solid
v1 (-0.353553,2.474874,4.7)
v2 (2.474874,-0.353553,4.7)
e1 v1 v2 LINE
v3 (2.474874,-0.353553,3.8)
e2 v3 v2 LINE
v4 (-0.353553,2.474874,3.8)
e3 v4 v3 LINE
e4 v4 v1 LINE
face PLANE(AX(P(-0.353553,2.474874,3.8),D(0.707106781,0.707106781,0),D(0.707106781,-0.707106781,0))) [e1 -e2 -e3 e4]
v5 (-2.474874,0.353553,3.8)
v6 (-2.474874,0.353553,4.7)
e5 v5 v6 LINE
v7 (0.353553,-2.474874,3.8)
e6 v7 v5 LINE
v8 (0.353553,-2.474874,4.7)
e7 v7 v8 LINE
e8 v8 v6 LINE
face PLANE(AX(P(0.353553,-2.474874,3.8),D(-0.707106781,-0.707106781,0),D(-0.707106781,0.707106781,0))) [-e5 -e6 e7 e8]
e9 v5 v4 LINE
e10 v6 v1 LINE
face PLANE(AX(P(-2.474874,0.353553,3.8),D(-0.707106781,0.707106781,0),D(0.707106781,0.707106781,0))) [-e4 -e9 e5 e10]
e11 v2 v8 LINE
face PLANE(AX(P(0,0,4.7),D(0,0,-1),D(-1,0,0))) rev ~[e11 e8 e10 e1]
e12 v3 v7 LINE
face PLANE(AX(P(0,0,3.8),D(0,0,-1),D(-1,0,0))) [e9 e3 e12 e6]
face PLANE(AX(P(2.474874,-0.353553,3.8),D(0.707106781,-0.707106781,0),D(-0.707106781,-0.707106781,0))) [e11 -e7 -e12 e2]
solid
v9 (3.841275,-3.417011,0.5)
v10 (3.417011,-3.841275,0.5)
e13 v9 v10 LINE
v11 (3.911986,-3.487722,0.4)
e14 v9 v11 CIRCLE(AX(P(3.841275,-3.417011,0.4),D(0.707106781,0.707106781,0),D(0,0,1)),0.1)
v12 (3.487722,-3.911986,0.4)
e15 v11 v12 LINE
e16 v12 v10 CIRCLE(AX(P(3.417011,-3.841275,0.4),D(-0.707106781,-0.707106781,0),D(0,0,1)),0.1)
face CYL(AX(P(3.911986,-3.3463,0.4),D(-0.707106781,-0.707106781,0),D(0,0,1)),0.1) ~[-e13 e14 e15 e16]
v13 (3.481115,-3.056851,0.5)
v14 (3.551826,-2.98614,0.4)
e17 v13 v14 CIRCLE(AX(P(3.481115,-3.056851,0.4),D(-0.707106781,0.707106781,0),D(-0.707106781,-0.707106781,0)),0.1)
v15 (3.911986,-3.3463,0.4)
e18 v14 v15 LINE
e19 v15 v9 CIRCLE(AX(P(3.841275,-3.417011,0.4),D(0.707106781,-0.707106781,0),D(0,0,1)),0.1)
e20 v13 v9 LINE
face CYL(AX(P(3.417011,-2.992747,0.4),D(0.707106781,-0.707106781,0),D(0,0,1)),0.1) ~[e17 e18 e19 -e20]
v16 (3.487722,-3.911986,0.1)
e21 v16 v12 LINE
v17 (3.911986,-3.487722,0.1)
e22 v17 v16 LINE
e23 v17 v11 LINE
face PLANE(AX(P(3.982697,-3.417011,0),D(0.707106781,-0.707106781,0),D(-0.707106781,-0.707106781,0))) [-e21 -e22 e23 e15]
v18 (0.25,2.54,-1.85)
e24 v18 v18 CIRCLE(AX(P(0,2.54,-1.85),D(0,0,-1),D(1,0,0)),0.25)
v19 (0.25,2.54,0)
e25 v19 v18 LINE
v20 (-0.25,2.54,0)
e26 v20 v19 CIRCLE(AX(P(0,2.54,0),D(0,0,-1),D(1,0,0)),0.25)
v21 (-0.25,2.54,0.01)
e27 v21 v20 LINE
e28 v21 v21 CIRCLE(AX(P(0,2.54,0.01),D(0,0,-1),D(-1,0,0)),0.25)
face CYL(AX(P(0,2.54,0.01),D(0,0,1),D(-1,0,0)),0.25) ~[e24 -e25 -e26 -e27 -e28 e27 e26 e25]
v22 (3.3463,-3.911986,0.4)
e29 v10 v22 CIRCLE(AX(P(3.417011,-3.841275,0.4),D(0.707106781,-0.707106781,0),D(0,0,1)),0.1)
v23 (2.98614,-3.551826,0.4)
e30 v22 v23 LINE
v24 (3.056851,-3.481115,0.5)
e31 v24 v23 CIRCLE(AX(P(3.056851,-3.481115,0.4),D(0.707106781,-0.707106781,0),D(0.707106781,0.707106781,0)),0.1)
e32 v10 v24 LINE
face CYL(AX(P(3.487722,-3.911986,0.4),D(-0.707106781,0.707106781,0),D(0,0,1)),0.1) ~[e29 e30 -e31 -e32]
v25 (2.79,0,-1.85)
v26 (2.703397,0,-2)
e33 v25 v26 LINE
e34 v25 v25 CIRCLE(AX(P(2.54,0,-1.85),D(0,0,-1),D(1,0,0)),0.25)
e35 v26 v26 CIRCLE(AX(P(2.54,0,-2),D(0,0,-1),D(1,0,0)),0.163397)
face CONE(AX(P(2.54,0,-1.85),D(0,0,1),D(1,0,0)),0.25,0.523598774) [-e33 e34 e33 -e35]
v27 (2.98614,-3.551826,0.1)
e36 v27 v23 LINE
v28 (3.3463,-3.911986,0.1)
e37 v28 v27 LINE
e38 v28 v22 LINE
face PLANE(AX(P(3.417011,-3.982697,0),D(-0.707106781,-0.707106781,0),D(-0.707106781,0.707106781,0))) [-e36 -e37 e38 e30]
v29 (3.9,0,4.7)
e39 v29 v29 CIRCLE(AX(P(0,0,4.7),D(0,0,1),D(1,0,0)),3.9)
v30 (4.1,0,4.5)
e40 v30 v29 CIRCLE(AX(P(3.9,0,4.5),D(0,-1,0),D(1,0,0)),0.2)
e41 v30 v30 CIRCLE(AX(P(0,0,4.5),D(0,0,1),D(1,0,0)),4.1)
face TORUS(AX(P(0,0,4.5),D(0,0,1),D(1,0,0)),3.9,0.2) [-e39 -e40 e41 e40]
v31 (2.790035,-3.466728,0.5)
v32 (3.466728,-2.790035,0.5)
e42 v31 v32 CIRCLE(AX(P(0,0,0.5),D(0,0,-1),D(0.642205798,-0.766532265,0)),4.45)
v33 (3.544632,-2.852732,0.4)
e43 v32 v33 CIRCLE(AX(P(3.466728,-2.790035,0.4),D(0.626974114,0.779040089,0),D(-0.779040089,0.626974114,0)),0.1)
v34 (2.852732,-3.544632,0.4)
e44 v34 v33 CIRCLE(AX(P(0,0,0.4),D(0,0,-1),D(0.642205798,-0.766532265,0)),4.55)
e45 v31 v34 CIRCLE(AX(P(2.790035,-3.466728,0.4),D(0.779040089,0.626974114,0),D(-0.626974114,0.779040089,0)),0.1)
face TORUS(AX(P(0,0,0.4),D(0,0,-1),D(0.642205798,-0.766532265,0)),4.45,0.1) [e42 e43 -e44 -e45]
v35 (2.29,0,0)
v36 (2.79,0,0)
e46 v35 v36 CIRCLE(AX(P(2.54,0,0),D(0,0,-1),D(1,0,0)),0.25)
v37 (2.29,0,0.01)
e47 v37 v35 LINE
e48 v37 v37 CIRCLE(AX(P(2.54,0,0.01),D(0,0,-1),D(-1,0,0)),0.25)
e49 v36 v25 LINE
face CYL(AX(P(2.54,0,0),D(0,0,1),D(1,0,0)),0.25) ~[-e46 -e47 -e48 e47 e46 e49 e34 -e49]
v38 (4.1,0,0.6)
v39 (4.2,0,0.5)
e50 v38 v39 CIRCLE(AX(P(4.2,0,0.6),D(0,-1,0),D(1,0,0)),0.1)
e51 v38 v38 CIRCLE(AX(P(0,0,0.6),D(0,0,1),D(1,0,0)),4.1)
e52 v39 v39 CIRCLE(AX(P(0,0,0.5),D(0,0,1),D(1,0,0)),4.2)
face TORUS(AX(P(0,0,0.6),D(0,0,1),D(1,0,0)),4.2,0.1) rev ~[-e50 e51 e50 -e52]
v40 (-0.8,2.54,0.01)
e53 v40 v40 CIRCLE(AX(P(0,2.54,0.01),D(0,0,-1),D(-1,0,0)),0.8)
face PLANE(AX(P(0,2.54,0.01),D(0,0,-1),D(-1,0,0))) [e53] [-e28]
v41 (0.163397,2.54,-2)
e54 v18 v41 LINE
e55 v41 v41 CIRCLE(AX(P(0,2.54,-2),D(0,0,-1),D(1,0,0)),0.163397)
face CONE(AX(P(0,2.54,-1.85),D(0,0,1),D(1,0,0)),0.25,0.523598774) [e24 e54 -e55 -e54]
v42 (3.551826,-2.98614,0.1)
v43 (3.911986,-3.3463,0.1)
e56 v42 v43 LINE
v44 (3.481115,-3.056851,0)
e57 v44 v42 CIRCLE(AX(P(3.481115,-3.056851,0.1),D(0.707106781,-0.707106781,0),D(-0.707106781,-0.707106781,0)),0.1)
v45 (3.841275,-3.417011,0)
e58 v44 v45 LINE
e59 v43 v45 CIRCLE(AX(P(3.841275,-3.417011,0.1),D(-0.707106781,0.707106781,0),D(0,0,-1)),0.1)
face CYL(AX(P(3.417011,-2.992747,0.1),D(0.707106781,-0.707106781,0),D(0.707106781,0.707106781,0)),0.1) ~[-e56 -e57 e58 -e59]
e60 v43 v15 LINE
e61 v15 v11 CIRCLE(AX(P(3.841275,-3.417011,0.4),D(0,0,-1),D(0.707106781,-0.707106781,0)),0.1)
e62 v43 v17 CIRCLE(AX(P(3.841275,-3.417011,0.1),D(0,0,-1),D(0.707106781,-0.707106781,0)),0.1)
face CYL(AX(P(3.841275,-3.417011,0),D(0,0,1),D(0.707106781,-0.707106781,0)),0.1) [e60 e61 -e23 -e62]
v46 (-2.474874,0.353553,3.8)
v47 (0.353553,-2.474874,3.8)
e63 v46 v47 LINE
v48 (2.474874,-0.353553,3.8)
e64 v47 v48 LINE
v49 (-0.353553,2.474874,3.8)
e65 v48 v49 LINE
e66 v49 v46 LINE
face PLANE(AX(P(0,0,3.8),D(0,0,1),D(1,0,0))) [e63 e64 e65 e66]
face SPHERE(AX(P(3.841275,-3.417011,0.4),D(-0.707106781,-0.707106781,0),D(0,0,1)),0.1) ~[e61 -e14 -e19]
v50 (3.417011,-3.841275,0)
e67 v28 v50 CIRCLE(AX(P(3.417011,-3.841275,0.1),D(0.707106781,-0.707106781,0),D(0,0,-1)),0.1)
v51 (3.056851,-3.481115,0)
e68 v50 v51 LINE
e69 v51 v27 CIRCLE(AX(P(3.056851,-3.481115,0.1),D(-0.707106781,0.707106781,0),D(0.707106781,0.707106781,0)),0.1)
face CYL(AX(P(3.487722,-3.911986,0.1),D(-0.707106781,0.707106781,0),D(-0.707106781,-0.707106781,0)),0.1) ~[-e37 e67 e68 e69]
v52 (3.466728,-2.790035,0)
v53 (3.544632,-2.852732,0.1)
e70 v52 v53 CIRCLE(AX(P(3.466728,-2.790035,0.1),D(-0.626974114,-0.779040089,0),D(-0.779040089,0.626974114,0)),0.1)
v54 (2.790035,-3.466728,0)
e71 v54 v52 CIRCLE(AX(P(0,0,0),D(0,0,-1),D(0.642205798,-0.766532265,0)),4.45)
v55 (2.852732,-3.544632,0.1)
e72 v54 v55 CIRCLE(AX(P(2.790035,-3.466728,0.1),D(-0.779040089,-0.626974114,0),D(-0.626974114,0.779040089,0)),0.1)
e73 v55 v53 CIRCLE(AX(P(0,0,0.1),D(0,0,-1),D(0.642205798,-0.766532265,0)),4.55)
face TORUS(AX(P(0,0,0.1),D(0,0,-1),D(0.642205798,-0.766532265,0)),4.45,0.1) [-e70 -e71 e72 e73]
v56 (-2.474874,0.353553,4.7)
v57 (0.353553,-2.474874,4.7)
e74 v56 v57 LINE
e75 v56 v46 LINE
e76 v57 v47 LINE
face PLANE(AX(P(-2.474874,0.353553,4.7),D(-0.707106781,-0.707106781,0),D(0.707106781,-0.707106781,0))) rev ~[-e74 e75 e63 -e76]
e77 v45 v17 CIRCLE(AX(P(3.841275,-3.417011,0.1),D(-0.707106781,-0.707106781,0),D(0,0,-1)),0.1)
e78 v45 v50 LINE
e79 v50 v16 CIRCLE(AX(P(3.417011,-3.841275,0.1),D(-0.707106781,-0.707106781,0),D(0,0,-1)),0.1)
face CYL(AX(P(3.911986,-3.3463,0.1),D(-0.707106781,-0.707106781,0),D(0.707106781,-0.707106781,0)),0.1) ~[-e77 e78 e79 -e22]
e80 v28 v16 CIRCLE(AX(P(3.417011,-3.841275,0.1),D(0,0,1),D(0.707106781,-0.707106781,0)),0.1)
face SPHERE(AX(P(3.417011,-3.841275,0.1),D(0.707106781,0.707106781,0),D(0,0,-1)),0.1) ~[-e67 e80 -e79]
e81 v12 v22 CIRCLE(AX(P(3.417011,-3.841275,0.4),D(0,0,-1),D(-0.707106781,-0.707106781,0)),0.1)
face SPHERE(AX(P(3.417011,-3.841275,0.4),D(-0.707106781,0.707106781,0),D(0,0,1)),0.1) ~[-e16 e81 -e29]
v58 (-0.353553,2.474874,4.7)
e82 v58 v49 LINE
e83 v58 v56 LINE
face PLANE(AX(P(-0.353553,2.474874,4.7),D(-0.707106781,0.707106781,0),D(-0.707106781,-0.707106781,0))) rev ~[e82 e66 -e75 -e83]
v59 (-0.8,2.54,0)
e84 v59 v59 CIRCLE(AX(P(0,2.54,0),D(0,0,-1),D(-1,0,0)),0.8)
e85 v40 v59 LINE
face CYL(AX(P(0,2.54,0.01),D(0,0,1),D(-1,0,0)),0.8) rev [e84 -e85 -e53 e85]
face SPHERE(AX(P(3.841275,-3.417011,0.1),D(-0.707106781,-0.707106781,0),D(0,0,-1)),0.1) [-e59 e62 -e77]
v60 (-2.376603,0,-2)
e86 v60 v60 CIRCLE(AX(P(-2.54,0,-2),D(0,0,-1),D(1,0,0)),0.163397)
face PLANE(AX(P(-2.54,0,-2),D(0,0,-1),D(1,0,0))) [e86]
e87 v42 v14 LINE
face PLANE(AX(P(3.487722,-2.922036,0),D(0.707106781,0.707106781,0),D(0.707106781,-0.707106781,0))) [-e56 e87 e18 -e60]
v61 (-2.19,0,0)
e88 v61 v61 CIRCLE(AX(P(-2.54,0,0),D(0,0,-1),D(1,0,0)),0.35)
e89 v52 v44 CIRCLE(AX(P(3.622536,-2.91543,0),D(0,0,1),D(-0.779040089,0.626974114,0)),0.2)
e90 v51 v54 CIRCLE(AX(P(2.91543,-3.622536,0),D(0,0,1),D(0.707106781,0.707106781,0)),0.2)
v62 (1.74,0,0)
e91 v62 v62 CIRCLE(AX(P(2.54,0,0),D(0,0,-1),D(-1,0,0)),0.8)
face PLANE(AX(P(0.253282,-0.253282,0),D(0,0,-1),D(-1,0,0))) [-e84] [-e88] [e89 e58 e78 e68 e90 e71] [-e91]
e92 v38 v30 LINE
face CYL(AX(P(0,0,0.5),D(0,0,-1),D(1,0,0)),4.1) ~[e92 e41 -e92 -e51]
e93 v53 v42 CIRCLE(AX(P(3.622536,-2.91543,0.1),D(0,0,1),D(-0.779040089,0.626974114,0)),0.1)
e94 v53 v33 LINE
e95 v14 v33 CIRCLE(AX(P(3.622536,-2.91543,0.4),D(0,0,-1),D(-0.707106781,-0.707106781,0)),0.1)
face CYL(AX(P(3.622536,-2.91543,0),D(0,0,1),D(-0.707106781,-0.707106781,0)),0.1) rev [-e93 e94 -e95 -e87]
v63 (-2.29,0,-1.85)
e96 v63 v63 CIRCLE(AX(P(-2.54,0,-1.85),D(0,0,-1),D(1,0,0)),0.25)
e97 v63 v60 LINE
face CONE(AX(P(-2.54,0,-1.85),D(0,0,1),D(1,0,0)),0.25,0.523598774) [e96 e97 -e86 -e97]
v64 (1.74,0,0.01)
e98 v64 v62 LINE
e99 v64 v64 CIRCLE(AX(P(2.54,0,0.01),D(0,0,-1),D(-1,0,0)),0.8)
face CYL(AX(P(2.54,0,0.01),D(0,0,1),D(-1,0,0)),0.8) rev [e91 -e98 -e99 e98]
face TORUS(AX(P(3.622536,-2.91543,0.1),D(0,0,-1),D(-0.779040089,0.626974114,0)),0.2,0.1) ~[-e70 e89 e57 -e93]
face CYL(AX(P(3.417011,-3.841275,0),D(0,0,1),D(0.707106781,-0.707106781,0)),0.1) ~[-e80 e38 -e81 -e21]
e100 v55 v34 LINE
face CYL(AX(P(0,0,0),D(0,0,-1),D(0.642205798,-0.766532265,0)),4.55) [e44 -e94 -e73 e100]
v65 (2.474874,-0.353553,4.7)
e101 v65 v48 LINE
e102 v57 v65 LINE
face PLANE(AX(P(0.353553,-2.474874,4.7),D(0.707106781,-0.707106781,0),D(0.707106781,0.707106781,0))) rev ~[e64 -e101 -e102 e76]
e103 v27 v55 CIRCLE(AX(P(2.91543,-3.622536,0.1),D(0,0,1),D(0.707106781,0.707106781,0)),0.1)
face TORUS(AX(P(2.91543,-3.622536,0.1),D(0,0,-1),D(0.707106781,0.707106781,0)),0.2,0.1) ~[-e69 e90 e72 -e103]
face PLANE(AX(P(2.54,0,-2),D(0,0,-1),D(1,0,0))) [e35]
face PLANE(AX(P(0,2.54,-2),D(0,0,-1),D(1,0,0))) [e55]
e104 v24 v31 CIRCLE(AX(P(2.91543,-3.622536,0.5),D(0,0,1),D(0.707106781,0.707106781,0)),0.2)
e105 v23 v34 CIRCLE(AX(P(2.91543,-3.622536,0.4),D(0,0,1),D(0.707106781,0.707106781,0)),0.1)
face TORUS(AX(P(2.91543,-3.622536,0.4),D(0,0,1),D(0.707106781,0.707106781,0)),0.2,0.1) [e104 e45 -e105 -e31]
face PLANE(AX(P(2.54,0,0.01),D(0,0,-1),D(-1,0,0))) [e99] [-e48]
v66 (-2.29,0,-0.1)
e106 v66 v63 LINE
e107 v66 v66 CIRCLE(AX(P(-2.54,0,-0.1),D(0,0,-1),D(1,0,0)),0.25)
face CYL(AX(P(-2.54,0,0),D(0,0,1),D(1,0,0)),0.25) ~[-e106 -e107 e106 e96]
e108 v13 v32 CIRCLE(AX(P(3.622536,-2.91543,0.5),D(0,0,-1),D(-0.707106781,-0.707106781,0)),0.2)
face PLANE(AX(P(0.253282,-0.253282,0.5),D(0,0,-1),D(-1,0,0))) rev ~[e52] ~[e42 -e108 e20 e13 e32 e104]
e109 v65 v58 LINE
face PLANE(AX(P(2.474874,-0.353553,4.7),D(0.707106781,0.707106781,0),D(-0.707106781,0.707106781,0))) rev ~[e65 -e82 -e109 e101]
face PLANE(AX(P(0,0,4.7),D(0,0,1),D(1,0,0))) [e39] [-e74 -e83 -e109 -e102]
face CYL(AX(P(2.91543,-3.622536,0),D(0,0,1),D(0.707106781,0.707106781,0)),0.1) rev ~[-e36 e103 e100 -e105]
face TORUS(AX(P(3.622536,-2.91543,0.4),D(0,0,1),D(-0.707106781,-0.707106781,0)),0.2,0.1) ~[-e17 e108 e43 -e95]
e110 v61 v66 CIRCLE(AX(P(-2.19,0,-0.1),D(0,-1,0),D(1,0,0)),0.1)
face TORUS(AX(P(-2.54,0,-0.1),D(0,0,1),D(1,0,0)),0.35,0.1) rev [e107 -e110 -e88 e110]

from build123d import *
from OCP.BRepFilletAPI import BRepFilletAPI_MakeChamfer

# Parameters (mm, degrees)
EXTRUDE1_DEPTH      = 0.5
SKETCH2_R           = 4.1
EXTRUDE2_DEPTH      = 4.2
EXTRUDE3_DEPTH      = 0.9
SKETCH4_R           = 0.25
EXTRUDE4_DEPTH      = 2
EXTRUDE5_DEPTH      = 0.9
FILLET1_R           = 0.2
FILLET2_R           = 0.1
CHAMFER1_SIZE       = 0.15
CHAMFER1_SIZE2      = 0.08660254
CUT_EXTRUDE_START   = -0.01
SKETCH_1_R          = 0.8
SKETCH_1_R_2        = 0.25
CUT_EXTRUDE_1_DEPTH = 0.01


with BuildPart() as part:
    # Sketch1 → Extrude1 (new body)
    with BuildSketch(Plane.XY):
        with BuildLine():
            Line((3.982696552, -3.417011127), (3.417011127, -3.982696552))
            Line((3.417011127, -3.982696552), (2.92203638, -3.487721805))
            ThreePointArc((2.92203638, -3.487721805), (-3.217335854, 3.217335854), (3.487721805, -2.92203638))
            Line((3.487721805, -2.92203638), (3.982696552, -3.417011127))
        make_face()
    extrude(amount=EXTRUDE1_DEPTH)

    # Sketch2 → Extrude2 (add)
    with BuildSketch(Plane.XY.offset(0.5)):
        Circle(SKETCH2_R)
    extrude(amount=EXTRUDE2_DEPTH)

    # Sketch3 → Extrude3 (cut)
    with BuildSketch(Plane.XY.offset(4.7)):
        Polygon((-2.474873734, 0.353553391), (0.353553391, -2.474873734), (2.474873734, -0.353553391), (-0.353553391, 2.474873734), align=None)
    extrude(amount=-EXTRUDE3_DEPTH, mode=Mode.SUBTRACT)

    # Sketch4 → Extrude4 (add)
    with BuildSketch(Plane(origin=(0, 0, 0), x_dir=(-1, 0, 0), z_dir=(0, 0, -1))):
        with Locations(Location((-2.54, 0, 0), (0, 0, 180))):
            Circle(SKETCH4_R)
        with Locations(Location((0, 2.54, 0), (0, 0, 180))):
            Circle(SKETCH4_R)
        with Locations(Location((2.54, 0, 0), (0, 0, 180))):
            Circle(SKETCH4_R)
    extrude(amount=EXTRUDE4_DEPTH)

    # Fillet1
    fillet1_edges = [part.edges().sort_by_distance(p)[0] for p in [
        (-4.1, 0, 4.7),
    ]]
    fillet(fillet1_edges, radius=FILLET1_R)

    # Fillet2
    fillet2_edges = [part.edges().sort_by_distance(p)[0] for p in [
        (3.169523754, -3.735209179, 0.5),
        (3.69985384, -3.69985384, 0.5),
        (-4.1, 0, 0.5),
        (-2.79, 0, 0),
        (3.735209179, -3.169523754, 0.5),
        (3.69985384, -3.69985384, 0),
        (3.169523754, -3.735209179, 0),
        (-3.217335854, 3.217335854, 0),
        (3.735209179, -3.169523754, 0),
        (-3.217335854, 3.217335854, 0.5),
        (3.982696552, -3.417011127, 0.25),
        (3.417011127, -3.982696552, 0.25),
        (2.92203638, -3.487721805, 0.25),
        (3.487721805, -2.92203638, 0.25),
    ]]
    fillet(fillet2_edges, radius=FILLET2_R)

    # Chamfer1: one chamfer whose edges measure the first distance from different faces: ONE call of the kernel's chamfer builder (chamfer() names one face for all edges)
    chamfer1_edges_1 = [part.edges().sort_by_distance(p)[0] for p in [
        (2.29, 0, -2),
    ]]
    chamfer1_side_1 = [part.faces().sort_by_distance(p)[0] for p in [
        (2.29, 0, -1),
    ]]
    chamfer1_edges_2 = [part.edges().sort_by_distance(p)[0] for p in [
        (-0.25, 2.54, -2),
    ]]
    chamfer1_side_2 = [part.faces().sort_by_distance(p)[0] for p in [
        (-0.25, 2.54, -1),
    ]]
    chamfer1_edges_3 = [part.edges().sort_by_distance(p)[0] for p in [
        (-2.79, 0, -2),
    ]]
    chamfer1_side_3 = [part.faces().sort_by_distance(p)[0] for p in [
        (-2.79, 0, -1.05),
    ]]
    chamfer1 = BRepFilletAPI_MakeChamfer(part.part.solid().wrapped)
    for e in chamfer1_edges_1:
        chamfer1.Add(CHAMFER1_SIZE, CHAMFER1_SIZE2, e.wrapped, chamfer1_side_1[0].wrapped)  # the first distance lies on this face
    for e in chamfer1_edges_2:
        chamfer1.Add(CHAMFER1_SIZE, CHAMFER1_SIZE2, e.wrapped, chamfer1_side_2[0].wrapped)  # the first distance lies on this face
    for e in chamfer1_edges_3:
        chamfer1.Add(CHAMFER1_SIZE, CHAMFER1_SIZE2, e.wrapped, chamfer1_side_3[0].wrapped)  # the first distance lies on this face
    add(Compound.cast(chamfer1.Shape()), mode=Mode.REPLACE)

    # Эскиз1 → Вырез-Вытянуть1 (cut)
    # profile 1 of 2: a face of its own
    with BuildSketch(Plane(origin=(0, 0, 0), x_dir=(-1, 0, 0), z_dir=(0, 0, -1)).offset(CUT_EXTRUDE_START)):
        with Locations((0, 2.54)):
            Circle(SKETCH_1_R)
        with Locations((0, 2.54)):
            Circle(SKETCH_1_R_2, mode=Mode.SUBTRACT)
    # profile 2 of 2: a face of its own
    with BuildSketch(Plane(origin=(0, 0, 0), x_dir=(-1, 0, 0), z_dir=(0, 0, -1)).offset(CUT_EXTRUDE_START)):
        with Locations((-2.54, 0)):
            Circle(SKETCH_1_R)
        with Locations((-2.54, 0)):
            Circle(SKETCH_1_R_2, mode=Mode.SUBTRACT)
    extrude(amount=CUT_EXTRUDE_1_DEPTH, mode=Mode.SUBTRACT)


with BuildPart() as body_2:
    # Sketch5 → Extrude5 (new body)
    with BuildSketch(Plane.XY.offset(3.8)):
        Polygon((-0.353553391, 2.474873734), (2.474873734, -0.353553391), (0.353553391, -2.474873734), (-2.474873734, 0.353553391), align=None)
    extrude(amount=EXTRUDE5_DEPTH)


solid = Compound([part.part, body_2.part])
